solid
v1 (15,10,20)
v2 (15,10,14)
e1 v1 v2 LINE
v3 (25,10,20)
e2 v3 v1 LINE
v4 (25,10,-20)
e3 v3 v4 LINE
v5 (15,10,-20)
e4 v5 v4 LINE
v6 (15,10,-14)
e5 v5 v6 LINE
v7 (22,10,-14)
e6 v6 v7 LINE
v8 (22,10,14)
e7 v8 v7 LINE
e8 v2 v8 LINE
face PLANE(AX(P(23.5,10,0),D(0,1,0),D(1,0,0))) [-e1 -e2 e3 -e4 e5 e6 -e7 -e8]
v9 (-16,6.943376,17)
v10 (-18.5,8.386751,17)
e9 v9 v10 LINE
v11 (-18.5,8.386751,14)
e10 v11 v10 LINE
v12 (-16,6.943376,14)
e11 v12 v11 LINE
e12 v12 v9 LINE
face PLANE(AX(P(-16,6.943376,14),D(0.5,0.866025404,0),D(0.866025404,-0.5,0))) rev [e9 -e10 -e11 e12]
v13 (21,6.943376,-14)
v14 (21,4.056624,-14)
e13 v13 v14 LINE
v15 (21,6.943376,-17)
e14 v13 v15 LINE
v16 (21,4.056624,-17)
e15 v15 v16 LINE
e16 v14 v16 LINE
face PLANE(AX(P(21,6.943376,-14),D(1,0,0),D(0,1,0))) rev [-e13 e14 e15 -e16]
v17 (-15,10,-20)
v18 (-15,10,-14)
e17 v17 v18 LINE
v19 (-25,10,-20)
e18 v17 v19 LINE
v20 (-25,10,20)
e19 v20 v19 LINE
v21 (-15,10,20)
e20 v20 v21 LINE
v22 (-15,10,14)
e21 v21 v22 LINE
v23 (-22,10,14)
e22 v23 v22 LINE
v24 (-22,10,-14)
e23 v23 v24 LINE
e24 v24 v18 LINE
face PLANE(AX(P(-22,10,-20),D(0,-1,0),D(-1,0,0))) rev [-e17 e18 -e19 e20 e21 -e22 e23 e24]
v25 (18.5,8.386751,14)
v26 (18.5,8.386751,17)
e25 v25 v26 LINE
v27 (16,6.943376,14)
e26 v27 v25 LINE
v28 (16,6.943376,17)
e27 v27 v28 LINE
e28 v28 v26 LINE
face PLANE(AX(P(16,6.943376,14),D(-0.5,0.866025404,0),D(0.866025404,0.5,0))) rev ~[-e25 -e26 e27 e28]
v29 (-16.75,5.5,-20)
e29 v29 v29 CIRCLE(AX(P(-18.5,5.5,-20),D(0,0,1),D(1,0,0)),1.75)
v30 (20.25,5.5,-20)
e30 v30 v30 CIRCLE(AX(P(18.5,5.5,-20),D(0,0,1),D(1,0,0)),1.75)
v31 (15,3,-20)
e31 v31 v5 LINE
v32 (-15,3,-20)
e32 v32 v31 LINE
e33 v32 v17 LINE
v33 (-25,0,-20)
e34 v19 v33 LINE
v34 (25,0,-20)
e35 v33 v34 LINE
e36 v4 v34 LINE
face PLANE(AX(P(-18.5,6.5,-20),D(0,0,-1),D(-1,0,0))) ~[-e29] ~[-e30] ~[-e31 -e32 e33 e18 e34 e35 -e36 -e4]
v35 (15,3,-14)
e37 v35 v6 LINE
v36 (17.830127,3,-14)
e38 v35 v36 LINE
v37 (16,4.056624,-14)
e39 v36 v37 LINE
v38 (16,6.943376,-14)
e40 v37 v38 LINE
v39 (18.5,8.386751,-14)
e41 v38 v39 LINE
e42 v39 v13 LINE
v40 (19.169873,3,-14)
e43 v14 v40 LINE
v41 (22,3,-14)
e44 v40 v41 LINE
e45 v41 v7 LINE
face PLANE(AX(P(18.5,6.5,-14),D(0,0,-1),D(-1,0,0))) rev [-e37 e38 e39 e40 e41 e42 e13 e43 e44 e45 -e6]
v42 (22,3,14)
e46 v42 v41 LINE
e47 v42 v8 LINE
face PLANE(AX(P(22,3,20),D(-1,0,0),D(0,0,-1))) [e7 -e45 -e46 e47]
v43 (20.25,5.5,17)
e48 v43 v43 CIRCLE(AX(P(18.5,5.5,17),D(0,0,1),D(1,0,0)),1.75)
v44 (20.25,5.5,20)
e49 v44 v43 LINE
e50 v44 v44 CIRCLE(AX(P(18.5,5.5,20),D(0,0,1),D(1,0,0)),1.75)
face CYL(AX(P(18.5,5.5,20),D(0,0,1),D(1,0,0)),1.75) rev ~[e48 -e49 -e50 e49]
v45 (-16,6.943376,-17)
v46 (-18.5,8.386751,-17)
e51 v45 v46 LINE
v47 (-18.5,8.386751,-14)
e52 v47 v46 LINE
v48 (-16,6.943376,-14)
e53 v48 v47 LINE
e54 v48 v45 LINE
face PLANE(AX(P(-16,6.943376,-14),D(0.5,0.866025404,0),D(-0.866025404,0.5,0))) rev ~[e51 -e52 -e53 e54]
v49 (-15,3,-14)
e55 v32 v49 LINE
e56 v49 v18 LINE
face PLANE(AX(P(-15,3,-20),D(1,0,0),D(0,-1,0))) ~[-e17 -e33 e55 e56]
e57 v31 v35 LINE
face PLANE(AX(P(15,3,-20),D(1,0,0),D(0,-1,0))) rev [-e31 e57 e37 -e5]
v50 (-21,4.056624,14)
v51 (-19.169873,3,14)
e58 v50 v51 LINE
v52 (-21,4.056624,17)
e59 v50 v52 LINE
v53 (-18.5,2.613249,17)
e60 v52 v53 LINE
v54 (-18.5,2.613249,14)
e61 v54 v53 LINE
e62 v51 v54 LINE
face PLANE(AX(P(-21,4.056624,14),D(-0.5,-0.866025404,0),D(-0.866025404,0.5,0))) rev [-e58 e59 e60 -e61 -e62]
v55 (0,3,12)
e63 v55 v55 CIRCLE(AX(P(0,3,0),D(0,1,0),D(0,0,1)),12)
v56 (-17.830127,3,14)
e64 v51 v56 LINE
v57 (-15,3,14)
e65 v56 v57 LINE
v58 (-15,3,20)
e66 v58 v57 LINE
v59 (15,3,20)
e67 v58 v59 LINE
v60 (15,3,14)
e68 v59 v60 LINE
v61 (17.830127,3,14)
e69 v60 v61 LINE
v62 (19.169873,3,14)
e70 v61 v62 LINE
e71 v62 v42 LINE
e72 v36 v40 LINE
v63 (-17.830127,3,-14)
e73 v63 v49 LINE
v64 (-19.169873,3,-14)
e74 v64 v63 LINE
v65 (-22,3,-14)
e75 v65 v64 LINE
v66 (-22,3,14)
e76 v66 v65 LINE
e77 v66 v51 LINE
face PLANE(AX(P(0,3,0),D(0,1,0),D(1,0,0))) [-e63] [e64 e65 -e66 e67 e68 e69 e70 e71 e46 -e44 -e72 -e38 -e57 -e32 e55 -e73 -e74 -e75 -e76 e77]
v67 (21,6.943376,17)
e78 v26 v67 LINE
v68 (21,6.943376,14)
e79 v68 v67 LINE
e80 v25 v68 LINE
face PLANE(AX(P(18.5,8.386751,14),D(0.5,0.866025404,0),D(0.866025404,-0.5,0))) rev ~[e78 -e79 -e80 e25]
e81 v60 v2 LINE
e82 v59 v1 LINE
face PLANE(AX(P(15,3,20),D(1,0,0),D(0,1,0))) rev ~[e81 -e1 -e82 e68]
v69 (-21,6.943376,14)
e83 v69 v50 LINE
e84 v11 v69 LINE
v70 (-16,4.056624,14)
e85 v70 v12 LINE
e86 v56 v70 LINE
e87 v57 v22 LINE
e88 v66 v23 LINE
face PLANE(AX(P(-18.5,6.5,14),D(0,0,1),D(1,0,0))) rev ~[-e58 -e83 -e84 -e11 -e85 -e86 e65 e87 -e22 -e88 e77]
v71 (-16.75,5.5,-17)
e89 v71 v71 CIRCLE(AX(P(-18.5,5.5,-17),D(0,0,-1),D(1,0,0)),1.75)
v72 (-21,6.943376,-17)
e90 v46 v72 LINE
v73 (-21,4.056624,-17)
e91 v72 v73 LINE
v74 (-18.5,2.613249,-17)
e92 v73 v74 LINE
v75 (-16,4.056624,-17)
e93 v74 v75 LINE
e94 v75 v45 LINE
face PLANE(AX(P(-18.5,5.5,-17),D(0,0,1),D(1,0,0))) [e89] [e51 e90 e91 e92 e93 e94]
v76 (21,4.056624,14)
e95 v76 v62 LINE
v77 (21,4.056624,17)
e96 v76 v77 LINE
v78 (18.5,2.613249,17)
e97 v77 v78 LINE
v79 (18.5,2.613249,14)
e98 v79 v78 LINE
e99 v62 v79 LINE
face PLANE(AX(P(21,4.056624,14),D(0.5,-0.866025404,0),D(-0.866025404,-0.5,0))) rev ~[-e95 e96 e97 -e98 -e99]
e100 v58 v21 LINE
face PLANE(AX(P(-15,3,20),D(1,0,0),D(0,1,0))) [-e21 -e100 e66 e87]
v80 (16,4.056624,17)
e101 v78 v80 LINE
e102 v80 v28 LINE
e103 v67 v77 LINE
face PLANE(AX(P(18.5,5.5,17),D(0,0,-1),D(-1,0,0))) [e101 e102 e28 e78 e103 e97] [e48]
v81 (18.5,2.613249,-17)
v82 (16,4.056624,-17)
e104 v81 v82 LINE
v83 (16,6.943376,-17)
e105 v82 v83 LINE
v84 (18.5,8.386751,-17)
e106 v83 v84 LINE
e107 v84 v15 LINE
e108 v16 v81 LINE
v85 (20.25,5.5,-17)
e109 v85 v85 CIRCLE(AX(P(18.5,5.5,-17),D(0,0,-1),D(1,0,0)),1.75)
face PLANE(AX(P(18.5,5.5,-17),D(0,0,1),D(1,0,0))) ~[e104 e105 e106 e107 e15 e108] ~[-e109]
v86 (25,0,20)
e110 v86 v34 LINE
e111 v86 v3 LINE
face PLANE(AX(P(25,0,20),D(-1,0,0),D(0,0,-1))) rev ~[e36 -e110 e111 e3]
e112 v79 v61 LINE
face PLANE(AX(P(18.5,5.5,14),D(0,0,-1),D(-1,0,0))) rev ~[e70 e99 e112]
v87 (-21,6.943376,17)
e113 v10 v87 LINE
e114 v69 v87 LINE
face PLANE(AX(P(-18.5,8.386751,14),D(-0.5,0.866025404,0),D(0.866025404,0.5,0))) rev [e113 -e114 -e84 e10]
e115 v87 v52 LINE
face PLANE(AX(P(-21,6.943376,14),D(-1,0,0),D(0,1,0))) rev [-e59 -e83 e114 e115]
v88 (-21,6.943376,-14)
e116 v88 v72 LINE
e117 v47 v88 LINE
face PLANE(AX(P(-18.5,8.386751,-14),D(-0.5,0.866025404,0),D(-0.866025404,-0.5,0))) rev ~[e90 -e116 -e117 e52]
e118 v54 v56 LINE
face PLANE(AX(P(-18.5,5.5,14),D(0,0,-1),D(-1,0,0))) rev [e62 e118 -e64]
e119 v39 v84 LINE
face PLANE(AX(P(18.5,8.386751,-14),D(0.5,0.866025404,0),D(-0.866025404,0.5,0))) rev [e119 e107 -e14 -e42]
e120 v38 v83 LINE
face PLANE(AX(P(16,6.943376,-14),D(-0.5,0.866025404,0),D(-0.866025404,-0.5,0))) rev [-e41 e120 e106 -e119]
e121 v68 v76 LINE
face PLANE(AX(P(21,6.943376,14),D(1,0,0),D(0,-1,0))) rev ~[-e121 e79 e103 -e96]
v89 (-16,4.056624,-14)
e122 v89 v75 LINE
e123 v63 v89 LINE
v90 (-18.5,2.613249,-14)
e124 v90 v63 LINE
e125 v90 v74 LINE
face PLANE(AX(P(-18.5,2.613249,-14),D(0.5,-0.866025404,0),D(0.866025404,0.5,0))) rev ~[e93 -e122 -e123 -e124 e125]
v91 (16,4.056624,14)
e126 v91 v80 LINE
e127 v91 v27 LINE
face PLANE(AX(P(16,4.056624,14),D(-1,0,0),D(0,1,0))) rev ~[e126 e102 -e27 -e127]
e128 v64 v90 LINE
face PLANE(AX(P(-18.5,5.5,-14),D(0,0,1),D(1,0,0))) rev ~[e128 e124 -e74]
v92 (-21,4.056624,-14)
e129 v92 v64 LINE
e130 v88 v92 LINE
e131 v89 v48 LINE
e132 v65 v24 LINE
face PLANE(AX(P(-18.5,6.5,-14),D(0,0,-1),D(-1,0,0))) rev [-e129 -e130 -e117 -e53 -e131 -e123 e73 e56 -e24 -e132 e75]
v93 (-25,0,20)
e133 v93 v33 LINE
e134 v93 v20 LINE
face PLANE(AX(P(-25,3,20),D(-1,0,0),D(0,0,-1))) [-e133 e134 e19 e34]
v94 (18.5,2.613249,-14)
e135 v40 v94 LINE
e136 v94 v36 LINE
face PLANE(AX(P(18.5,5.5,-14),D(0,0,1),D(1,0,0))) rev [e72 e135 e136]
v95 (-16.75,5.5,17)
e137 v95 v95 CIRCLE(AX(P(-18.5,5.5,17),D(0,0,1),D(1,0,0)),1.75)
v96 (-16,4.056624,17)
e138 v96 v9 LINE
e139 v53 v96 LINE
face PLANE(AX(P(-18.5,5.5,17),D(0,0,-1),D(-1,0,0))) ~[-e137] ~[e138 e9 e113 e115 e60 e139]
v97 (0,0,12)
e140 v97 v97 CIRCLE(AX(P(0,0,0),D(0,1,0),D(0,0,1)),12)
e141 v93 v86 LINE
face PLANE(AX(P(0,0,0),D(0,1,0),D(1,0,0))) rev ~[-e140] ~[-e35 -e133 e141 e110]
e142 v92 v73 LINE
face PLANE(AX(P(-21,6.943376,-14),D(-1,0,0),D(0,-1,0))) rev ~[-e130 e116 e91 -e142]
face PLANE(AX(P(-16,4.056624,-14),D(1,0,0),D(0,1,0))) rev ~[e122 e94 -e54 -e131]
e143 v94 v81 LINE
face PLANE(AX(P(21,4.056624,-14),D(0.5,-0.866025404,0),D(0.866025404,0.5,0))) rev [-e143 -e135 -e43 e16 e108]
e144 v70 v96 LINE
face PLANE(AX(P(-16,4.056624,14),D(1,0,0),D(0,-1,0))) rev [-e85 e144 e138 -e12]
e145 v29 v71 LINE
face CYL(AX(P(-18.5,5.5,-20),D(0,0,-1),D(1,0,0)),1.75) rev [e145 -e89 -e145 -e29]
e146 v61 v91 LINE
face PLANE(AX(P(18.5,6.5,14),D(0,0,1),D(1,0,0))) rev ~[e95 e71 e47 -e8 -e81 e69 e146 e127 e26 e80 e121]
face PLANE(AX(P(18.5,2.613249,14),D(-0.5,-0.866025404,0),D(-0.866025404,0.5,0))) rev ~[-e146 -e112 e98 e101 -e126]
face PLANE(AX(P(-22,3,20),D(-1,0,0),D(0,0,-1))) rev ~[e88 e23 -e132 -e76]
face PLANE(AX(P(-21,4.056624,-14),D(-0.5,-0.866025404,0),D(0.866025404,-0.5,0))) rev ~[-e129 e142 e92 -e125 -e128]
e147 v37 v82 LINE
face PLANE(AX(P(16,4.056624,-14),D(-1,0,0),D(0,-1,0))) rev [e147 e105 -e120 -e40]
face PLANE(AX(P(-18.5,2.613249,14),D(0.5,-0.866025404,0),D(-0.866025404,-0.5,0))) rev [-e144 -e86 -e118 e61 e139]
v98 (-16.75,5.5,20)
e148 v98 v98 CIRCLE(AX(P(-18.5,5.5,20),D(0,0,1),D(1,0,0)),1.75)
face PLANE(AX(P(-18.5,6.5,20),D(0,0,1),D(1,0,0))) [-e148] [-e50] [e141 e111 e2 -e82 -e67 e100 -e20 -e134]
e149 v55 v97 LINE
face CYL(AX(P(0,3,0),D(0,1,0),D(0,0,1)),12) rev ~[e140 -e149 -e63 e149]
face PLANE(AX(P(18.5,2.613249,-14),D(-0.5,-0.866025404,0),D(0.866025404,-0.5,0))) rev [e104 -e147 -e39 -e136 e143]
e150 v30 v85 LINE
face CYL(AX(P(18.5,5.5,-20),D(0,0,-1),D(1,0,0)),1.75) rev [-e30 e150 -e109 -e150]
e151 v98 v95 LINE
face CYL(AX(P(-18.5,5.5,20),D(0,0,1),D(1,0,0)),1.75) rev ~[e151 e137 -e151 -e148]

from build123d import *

# Parameters (mm, degrees)
SKETCH1_W            = 50
SKETCH1_H            = 40
BOSS_EXTRUDE1_DEPTH  = 3
SKETCH2_R            = 12
CUT_EXTRUDE1_DEPTH   = 33.155870382
SKETCH3_W            = 3
SKETCH3_H            = 40
BOSS_EXTRUDE2_DEPTH  = 7
SKETCH4_W            = 7
SKETCH4_H            = 7
BOSS_EXTRUDE3_DEPTH  = 6
SKETCH5_R            = 1.75
CUT_EXTRUDE2_DEPTH   = 49.218253805
CUT_EXTRUDE3_DEPTH   = 3
MIRROR3_COPY_1_DEPTH = 3


with BuildPart() as part:
    # Sketch1 → Boss-Extrude1 (new body)
    with BuildSketch(Plane(origin=(0, 0, 0), x_dir=(1, 0, 0), z_dir=(0, 1, 0))):
        Rectangle(SKETCH1_W, SKETCH1_H)
    extrude(amount=BOSS_EXTRUDE1_DEPTH)

    # Sketch2 → Cut-Extrude1 (cut, through all)
    with BuildSketch(Plane(origin=(0, 3, 0), x_dir=(1, 0, 0), z_dir=(0, 1, 0))):
        with Locations(Location((0, 0, 0), (0, 0, 270))):
            Circle(SKETCH2_R)
    extrude(amount=-CUT_EXTRUDE1_DEPTH, mode=Mode.SUBTRACT)

    # Sketch3 → Boss-Extrude2 (add)
    with BuildSketch(Plane(origin=(0, 3, 0), x_dir=(1, 0, 0), z_dir=(0, 1, 0))):
        with Locations((-23.5, 0)):
            Rectangle(SKETCH3_W, SKETCH3_H)
        with Locations((23.5, 0)):
            Rectangle(SKETCH3_W, SKETCH3_H)
    extrude(amount=BOSS_EXTRUDE2_DEPTH)

    # Sketch4 → Boss-Extrude3 (add)
    with BuildSketch(Plane.XY.offset(20)):
        with Locations((-18.5, 6.5)):
            Rectangle(SKETCH4_W, SKETCH4_H)
        with Locations((18.5, 6.5)):
            Rectangle(SKETCH4_W, SKETCH4_H)
    boss_extrude3 = extrude(amount=-BOSS_EXTRUDE3_DEPTH)

    # Sketch5 → Cut-Extrude2 (cut, through all)
    with BuildSketch(Plane.XY.offset(20)):
        with Locations((-18.5, 5.5)):
            Circle(SKETCH5_R)
        with Locations((18.5, 5.5)):
            Circle(SKETCH5_R)
    cut_extrude2 = extrude(amount=-CUT_EXTRUDE2_DEPTH, mode=Mode.SUBTRACT)

    # Mirror1: Boss-Extrude3, Cut-Extrude2 across plane
    add(boss_extrude3.mirror(Plane.XY))
    add(cut_extrude2.mirror(Plane.XY), mode=Mode.SUBTRACT)

    # Sketch6 → Cut-Extrude3 (cut)
    with BuildSketch(Plane.XY.offset(-14)):
        Polygon((-18.5, 2.613248654), (-16, 4.056624327), (-16, 6.943375673), (-18.5, 8.386751346), (-21, 6.943375673), (-21, 4.056624327), align=None)
    cut_extrude3 = extrude(amount=-CUT_EXTRUDE3_DEPTH, mode=Mode.SUBTRACT)

    # Mirror2: Cut-Extrude3 across plane
    add(cut_extrude3.mirror(Plane(origin=(0, 0, 0), x_dir=(0, 0, 1), z_dir=(1, 0, 0))), mode=Mode.SUBTRACT)

    # Mirror3: Cut-Extrude3 across plane
    add(cut_extrude3.mirror(Plane.XY), mode=Mode.SUBTRACT)

    # Mirror3 copy 1 sketch → Mirror3 copy 1 (cut)
    with BuildSketch(Plane(origin=(0, 0, 14), x_dir=(-1, 0, 0), z_dir=(0, 0, -1))):
        Polygon((-18.5, 2.613248654), (-16, 4.056624327), (-16, 6.943375673), (-18.5, 8.386751346), (-21, 6.943375673), (-21, 4.056624327), align=None)
    extrude(amount=-MIRROR3_COPY_1_DEPTH, mode=Mode.SUBTRACT)


solid = part.part
